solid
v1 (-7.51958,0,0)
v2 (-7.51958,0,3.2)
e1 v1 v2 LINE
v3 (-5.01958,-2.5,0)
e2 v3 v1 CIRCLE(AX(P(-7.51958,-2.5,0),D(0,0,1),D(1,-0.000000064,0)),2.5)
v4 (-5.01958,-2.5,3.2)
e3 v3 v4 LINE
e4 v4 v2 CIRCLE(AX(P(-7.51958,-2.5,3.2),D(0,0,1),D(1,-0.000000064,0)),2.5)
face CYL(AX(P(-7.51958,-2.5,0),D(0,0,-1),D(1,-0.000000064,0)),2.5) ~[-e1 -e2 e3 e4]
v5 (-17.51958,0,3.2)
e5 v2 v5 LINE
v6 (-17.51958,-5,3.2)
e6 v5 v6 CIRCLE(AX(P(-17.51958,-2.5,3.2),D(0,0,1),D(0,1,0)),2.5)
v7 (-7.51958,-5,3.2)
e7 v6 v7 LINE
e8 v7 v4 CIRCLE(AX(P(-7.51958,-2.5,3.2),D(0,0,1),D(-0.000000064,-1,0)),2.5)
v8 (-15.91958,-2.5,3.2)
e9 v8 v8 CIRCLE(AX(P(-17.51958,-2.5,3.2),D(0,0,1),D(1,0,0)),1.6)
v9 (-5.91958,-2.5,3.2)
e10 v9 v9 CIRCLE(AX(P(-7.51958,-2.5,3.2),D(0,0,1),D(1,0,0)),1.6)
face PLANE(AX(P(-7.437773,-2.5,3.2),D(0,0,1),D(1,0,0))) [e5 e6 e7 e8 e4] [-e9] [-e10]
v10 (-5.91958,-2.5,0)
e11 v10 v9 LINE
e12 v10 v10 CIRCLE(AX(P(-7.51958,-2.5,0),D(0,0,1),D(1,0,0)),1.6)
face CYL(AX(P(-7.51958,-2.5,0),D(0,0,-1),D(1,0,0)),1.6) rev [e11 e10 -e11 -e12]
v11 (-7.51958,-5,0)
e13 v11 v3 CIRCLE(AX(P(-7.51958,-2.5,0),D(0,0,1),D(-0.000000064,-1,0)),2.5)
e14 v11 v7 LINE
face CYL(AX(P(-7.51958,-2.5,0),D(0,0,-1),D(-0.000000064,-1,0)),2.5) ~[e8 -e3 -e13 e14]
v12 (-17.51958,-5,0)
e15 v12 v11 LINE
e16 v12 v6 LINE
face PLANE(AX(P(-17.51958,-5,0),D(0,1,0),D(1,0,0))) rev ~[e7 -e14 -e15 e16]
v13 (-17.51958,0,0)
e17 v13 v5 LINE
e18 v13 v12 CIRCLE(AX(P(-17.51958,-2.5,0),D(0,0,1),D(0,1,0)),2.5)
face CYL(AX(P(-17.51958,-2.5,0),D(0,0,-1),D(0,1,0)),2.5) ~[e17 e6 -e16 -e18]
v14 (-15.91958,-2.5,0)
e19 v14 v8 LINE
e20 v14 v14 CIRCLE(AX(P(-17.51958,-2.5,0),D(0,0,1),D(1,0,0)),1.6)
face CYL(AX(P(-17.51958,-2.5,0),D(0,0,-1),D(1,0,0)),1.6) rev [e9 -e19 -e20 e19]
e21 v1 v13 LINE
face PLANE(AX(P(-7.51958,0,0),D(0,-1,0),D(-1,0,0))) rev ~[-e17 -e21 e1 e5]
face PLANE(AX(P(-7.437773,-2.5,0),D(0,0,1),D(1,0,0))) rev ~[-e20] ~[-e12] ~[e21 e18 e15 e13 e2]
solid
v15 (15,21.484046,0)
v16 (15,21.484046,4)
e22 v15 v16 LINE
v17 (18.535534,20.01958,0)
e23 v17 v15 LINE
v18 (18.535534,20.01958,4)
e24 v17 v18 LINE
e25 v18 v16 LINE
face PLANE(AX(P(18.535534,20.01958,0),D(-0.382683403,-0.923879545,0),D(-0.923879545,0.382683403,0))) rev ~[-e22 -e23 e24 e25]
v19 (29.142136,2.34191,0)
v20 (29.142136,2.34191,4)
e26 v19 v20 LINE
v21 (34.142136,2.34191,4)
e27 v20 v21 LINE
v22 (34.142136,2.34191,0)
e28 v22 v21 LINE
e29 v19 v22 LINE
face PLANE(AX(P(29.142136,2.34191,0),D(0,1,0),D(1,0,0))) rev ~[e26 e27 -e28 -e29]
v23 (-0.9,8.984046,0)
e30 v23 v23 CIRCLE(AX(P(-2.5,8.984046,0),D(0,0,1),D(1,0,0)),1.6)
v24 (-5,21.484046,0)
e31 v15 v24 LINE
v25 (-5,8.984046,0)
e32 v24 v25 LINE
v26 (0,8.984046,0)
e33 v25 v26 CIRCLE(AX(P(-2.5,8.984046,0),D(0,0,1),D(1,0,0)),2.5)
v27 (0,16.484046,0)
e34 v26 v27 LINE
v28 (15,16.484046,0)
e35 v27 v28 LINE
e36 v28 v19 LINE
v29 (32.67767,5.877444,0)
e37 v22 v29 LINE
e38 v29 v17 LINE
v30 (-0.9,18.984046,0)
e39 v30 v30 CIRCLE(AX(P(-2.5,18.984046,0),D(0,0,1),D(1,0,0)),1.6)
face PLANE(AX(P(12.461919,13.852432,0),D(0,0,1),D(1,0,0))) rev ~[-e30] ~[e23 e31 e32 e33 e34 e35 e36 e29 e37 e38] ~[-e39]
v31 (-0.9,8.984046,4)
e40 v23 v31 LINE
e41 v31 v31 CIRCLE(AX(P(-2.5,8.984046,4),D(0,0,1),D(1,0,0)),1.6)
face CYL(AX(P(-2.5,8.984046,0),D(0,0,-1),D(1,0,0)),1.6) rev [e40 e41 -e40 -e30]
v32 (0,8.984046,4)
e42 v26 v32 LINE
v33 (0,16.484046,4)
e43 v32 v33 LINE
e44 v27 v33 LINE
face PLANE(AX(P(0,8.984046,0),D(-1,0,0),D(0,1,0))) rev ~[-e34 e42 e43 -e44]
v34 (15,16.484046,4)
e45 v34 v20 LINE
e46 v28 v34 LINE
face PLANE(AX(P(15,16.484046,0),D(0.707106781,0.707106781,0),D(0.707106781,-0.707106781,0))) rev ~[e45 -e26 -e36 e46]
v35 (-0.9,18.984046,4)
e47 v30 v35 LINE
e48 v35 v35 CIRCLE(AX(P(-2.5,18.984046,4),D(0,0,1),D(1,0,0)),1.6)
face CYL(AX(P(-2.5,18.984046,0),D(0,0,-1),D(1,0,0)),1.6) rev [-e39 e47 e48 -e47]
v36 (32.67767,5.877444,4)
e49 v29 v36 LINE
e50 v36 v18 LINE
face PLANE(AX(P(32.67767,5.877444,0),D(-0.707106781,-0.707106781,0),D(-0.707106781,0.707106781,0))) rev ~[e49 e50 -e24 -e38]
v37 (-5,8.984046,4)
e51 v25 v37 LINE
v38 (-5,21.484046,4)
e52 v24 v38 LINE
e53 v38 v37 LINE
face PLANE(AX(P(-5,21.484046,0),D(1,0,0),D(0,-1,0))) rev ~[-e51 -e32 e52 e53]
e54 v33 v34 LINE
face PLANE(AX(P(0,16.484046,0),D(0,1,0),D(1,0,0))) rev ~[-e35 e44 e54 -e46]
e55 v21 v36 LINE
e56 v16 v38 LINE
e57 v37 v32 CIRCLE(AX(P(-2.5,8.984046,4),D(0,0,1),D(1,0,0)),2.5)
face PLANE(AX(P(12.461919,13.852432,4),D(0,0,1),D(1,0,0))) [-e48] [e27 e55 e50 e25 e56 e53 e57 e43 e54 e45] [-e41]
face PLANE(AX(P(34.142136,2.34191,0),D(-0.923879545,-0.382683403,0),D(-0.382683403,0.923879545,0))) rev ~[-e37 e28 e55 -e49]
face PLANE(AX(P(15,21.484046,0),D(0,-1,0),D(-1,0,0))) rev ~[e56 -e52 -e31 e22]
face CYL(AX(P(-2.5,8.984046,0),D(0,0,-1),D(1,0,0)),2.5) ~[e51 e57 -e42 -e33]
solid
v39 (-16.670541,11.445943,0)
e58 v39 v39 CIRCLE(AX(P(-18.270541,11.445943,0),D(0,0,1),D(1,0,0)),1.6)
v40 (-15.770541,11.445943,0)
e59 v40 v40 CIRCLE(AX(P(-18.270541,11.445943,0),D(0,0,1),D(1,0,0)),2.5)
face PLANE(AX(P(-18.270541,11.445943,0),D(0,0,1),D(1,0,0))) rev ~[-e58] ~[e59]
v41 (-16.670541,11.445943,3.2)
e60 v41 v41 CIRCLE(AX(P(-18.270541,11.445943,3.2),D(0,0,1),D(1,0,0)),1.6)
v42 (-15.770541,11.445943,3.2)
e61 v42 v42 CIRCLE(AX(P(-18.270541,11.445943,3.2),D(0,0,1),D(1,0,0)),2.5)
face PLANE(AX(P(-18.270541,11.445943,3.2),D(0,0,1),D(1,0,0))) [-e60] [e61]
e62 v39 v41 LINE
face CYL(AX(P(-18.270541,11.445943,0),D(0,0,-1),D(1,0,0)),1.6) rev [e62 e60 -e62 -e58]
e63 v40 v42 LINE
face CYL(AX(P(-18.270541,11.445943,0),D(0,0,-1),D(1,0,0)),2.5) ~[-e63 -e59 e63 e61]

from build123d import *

# Parameters (mm, degrees)
F0_R     = 1.6
F1_DEPTH = 4
F2_DEPTH = 3.2
F0_R_2   = 2.5
F3_DEPTH = 3.2


with BuildPart() as f1:
    # F0 (on Top) → F1 (new body)
    with BuildSketch(Plane.XY):
        with BuildLine():
            Line((0, 8.984046), (0, 16.484046))
            Line((0, 16.484046), (15, 16.484046))
            Line((15, 16.484046), (29.142136, 2.34191))
            Line((29.142136, 2.34191), (34.142136, 2.34191))
            Line((34.142136, 2.34191), (32.67767, 5.877444))
            Line((32.67767, 5.877444), (18.535534, 20.01958))
            Line((18.535534, 20.01958), (15, 21.484046))
            Line((15, 21.484046), (0, 21.484046))
            Line((0, 21.484046), (-5, 21.484046))
            Line((-5, 21.484046), (-5, 16.484046))
            Line((-5, 16.484046), (-5, 8.984046))
            ThreePointArc((-5, 8.984046), (-2.5, 11.484046), (0, 8.984046))
        make_face()
        with Locations((-2.5, 18.984046)):
            Circle(F0_R, mode=Mode.SUBTRACT)
        with BuildLine():
            ThreePointArc((-5, 8.984046), (-2.5, 6.484046), (0, 8.984046))
            ThreePointArc((0, 8.984046), (-2.5, 11.484046), (-5, 8.984046))
        make_face()
        with Locations((-2.5, 8.984046)):
            Circle(F0_R, mode=Mode.SUBTRACT)
    extrude(amount=F1_DEPTH)


with BuildPart() as f2:
    # F0 (on Top) → F2 (new body)
    with BuildSketch(Plane.XY):
        with BuildLine():
            ThreePointArc((-7.51958, -5), (-5.751813, -4.267767), (-5.01958, -2.5))
            ThreePointArc((-5.01958, -2.5), (-5.751813, -0.732233), (-7.51958, 0))
            ThreePointArc((-7.51958, 0), (-10.01958, -2.5), (-7.51958, -5))
        make_face()
        with Locations((-7.51958, -2.5)):
            Circle(F0_R, mode=Mode.SUBTRACT)
        with BuildLine():
            ThreePointArc((-7.51958, -5), (-10.01958, -2.5), (-7.51958, 0))
            Line((-7.51958, 0), (-17.51958, 0))
            ThreePointArc((-17.51958, 0), (-15.751813, -0.732233), (-15.01958, -2.5))
            ThreePointArc((-15.01958, -2.5), (-15.751813, -4.267767), (-17.51958, -5))
            Line((-17.51958, -5), (-7.51958, -5))
        make_face()
        with BuildLine():
            ThreePointArc((-15.01958, -2.5), (-15.751813, -0.732233), (-17.51958, 0))
            ThreePointArc((-17.51958, 0), (-20.01958, -2.5), (-17.51958, -5))
            ThreePointArc((-17.51958, -5), (-15.751813, -4.267767), (-15.01958, -2.5))
        make_face()
        with Locations((-17.51958, -2.5)):
            Circle(F0_R, mode=Mode.SUBTRACT)
    extrude(amount=F2_DEPTH)


with BuildPart() as f3:
    # F0 (on Top) → F3 (new body)
    with BuildSketch(Plane.XY):
        with Locations((-18.270541, 11.445943)):
            Circle(F0_R_2)
        with Locations((-18.270541, 11.445943)):
            Circle(F0_R, mode=Mode.SUBTRACT)
    extrude(amount=F3_DEPTH)


solid = Compound([f1.part, f2.part, f3.part])
